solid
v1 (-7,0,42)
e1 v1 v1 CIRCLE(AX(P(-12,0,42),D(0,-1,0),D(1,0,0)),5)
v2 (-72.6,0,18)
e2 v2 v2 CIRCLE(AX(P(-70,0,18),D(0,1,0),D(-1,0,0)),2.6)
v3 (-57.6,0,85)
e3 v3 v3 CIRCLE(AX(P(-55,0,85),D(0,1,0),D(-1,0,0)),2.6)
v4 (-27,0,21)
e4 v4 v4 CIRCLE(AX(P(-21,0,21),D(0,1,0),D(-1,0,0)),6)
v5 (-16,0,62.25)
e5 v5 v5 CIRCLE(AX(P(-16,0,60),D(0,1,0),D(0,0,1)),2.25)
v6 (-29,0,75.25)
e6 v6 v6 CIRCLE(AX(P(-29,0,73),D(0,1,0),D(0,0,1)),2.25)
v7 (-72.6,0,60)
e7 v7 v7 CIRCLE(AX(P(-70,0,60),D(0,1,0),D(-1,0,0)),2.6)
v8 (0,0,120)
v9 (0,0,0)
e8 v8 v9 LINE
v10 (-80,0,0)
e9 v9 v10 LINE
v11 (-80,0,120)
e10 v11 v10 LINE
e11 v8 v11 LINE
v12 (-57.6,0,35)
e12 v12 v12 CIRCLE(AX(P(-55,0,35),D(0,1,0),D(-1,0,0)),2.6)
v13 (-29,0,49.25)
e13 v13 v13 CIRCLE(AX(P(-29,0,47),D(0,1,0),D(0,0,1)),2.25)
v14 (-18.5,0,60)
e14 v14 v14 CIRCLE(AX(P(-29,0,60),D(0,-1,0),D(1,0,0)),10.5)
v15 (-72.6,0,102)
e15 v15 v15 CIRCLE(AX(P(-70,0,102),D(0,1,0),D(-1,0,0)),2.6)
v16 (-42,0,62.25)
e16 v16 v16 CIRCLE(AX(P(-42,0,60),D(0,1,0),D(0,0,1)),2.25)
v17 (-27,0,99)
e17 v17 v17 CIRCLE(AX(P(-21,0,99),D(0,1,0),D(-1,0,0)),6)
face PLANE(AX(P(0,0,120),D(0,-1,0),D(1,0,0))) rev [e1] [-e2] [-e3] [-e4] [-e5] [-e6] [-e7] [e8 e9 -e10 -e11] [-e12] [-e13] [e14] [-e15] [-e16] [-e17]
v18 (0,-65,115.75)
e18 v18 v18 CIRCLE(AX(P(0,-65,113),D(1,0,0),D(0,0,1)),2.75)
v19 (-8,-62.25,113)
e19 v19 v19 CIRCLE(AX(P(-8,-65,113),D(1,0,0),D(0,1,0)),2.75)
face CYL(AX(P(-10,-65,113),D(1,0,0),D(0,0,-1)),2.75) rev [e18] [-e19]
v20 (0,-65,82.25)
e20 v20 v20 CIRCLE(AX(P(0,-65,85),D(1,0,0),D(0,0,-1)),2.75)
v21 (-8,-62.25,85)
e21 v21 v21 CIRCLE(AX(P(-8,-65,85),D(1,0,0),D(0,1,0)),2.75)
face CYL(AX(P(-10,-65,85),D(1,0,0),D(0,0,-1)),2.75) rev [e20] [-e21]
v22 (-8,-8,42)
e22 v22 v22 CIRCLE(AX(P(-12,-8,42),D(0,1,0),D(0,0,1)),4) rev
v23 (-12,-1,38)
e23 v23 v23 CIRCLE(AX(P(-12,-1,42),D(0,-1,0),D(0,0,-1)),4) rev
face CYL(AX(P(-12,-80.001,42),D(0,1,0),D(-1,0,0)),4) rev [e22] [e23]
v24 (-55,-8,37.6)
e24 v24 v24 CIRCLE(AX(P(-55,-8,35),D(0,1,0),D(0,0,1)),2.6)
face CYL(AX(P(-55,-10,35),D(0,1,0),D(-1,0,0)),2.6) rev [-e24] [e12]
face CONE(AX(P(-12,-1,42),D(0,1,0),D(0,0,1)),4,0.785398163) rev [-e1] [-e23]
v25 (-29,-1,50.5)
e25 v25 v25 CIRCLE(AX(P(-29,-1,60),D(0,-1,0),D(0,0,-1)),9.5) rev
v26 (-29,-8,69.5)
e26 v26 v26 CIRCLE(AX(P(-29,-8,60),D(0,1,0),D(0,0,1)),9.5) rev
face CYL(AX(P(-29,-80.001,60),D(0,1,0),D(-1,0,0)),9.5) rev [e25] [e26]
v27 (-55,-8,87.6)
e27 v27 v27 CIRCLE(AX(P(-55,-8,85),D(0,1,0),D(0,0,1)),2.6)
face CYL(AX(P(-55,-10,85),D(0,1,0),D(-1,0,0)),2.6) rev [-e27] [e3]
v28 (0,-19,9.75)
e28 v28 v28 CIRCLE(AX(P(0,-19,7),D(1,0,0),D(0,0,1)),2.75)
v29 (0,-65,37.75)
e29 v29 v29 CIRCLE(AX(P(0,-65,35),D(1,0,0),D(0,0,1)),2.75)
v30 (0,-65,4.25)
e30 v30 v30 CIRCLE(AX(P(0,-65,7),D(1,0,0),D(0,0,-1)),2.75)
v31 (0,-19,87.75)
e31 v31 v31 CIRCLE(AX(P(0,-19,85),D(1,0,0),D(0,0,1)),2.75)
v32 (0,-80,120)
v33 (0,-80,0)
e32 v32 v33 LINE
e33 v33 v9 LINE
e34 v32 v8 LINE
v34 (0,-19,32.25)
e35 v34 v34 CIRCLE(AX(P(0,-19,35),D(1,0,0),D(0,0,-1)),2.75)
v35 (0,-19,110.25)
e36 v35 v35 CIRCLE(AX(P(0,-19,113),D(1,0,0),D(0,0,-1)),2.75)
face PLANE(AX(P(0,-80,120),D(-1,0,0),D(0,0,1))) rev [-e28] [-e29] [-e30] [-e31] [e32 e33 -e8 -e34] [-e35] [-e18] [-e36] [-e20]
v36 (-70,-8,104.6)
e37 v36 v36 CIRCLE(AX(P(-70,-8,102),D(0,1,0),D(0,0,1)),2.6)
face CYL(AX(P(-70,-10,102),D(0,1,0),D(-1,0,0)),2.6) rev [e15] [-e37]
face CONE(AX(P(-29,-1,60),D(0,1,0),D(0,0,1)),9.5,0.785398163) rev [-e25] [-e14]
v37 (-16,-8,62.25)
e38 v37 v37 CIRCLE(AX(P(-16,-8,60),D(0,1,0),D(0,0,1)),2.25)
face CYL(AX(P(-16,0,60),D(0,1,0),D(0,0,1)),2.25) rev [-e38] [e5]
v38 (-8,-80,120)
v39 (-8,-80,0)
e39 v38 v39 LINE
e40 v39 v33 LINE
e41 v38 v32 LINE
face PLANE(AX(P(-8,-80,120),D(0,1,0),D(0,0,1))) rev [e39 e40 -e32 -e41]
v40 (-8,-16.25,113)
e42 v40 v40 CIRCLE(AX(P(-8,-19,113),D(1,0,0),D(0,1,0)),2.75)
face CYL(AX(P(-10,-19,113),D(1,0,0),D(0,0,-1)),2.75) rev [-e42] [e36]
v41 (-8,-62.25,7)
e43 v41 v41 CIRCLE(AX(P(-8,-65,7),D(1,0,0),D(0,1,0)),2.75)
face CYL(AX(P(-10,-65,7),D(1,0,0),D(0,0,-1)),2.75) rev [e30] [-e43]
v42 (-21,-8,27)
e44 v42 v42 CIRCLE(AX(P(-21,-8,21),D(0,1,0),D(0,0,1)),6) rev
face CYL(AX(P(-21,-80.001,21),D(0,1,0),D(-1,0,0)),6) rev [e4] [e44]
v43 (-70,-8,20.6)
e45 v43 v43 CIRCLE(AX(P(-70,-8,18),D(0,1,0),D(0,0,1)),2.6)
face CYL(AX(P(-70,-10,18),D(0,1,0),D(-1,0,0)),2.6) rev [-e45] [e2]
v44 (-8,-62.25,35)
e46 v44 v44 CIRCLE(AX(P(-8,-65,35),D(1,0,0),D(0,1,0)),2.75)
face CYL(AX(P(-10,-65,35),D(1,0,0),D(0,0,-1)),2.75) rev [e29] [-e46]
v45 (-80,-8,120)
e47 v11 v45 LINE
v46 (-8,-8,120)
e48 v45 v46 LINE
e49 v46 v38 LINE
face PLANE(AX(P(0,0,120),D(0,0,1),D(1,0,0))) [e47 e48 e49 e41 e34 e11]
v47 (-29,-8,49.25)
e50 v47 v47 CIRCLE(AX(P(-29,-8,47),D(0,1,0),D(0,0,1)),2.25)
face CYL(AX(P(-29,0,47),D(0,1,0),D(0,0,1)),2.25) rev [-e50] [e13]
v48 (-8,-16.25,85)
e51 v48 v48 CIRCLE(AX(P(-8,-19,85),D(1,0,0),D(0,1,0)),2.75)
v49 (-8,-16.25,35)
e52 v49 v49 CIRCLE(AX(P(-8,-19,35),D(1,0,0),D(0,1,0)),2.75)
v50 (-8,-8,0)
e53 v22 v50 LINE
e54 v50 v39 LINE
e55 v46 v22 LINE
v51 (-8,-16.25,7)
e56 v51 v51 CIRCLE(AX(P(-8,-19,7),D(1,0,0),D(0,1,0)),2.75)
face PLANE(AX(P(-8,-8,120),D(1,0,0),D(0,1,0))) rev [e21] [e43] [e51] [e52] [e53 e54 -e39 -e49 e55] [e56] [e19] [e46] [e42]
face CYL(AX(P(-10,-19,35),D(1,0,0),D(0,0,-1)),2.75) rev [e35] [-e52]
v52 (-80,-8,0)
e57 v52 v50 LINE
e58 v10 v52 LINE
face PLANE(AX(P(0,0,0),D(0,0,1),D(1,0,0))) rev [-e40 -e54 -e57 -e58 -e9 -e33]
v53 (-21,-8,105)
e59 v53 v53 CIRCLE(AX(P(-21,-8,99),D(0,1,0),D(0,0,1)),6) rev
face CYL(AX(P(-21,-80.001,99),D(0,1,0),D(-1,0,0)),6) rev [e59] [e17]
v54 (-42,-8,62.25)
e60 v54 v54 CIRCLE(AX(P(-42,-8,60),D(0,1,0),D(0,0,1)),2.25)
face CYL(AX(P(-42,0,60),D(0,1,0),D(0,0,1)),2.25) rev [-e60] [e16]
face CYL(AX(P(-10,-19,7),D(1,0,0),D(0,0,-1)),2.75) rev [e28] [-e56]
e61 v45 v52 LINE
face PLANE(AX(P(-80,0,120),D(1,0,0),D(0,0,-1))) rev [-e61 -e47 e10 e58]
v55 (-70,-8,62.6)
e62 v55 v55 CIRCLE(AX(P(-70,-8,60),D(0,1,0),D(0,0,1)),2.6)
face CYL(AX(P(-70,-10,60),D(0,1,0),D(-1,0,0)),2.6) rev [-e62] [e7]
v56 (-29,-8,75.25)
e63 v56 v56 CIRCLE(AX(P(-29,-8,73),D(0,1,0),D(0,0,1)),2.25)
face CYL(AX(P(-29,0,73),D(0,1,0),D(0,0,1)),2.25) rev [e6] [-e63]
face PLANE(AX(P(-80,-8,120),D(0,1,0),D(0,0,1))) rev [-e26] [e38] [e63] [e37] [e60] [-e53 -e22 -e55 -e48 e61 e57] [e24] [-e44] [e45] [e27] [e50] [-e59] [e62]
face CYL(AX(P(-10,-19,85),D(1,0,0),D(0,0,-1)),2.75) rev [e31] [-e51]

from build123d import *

# Parameters (mm, degrees)
ESTRUSIONE_ESTRUSIONE1_DEPTH = 120
TAGLIO_ESTRUSIONE2_REACH     = 166.924
SCHIZZO6_R                   = 6
TAGLIO_ESTRUSIONE3_REACH     = 166.924
SCHIZZO7_R                   = 9.5
SCHIZZO7_R_2                 = 4
FORO_PER_VITE_M4_2_D         = 4.5
SCHIZZO12_R                  = 2.75
TAGLIO_ESTRUSIONE4_DEPTH     = 10
SCHIZZO14_R                  = 2.6
TAGLIO_ESTRUSIONE5_DEPTH     = 10
SMUSSO1_SIZE                 = 1
SMUSSO2_SIZE                 = 1


with BuildPart() as part:
    # Schizzo1 → Estrusione-Estrusione1 (new body)
    with BuildSketch(Plane.XY):
        Polygon((0, 0), (-80, 0), (-80, -8), (-8, -8), (-8, -80), (0, -80), align=None)
    extrude(amount=ESTRUSIONE_ESTRUSIONE1_DEPTH)

    # Schizzo6 → Taglio-Estrusione2 (cut, up to next)
    with BuildSketch(Plane(origin=(0, 0, 0), x_dir=(1, 0, 0), z_dir=(0, 1, 0)), mode=Mode.PRIVATE) as taglio_estrusione2_sk1:
        with Locations(Location((-21, -21, 0), (0, 0, 180))):
            Circle(SCHIZZO6_R)
    taglio_estrusione2_tool1 = extrude(taglio_estrusione2_sk1.sketch, amount=-TAGLIO_ESTRUSIONE2_REACH, mode=Mode.PRIVATE) & part.part
    # Schizzo6 → Taglio-Estrusione2 (cut, up to next)
    with BuildSketch(Plane(origin=(0, 0, 0), x_dir=(1, 0, 0), z_dir=(0, 1, 0)), mode=Mode.PRIVATE) as taglio_estrusione2_sk2:
        with Locations(Location((-21, -99, 0), (0, 0, 180))):
            Circle(SCHIZZO6_R)
    taglio_estrusione2_tool2 = extrude(taglio_estrusione2_sk2.sketch, amount=-TAGLIO_ESTRUSIONE2_REACH, mode=Mode.PRIVATE) & part.part
    add(taglio_estrusione2_tool1.solids().sort_by_distance((-21, 0, 21))[0], mode=Mode.SUBTRACT)
    add(taglio_estrusione2_tool2.solids().sort_by_distance((-21, 0, 99))[0], mode=Mode.SUBTRACT)

    # Schizzo7 → Taglio-Estrusione3 (cut, up to next)
    with BuildSketch(Plane(origin=(0, 0, 0), x_dir=(1, 0, 0), z_dir=(0, 1, 0)), mode=Mode.PRIVATE) as taglio_estrusione3_sk1:
        with Locations(Location((-29, -60, 0), (0, 0, 180))):
            Circle(SCHIZZO7_R)
    taglio_estrusione3_tool1 = extrude(taglio_estrusione3_sk1.sketch, amount=-TAGLIO_ESTRUSIONE3_REACH, mode=Mode.PRIVATE) & part.part
    # Schizzo7 → Taglio-Estrusione3 (cut, up to next)
    with BuildSketch(Plane(origin=(0, 0, 0), x_dir=(1, 0, 0), z_dir=(0, 1, 0)), mode=Mode.PRIVATE) as taglio_estrusione3_sk2:
        with Locations(Location((-12, -42, 0), (0, 0, 180))):
            Circle(SCHIZZO7_R_2)
    taglio_estrusione3_tool2 = extrude(taglio_estrusione3_sk2.sketch, amount=-TAGLIO_ESTRUSIONE3_REACH, mode=Mode.PRIVATE) & part.part
    add(taglio_estrusione3_tool1.solids().sort_by_distance((-29, 0, 60))[0], mode=Mode.SUBTRACT)
    add(taglio_estrusione3_tool2.solids().sort_by_distance((-12, 0, 42))[0], mode=Mode.SUBTRACT)

    # Foro per Vite M4-2 (through all)
    with Locations(Plane(origin=(0, 0, 0), x_dir=(1, 0, 0), z_dir=(0, 1, 0))):
        with Locations((-29, -47), (-42, -60), (-29, -73), (-16, -60), (-29, -60)):
            Hole(FORO_PER_VITE_M4_2_D / 2)

    # Schizzo12 → Taglio-Estrusione4 (cut)
    with BuildSketch(Plane(origin=(0, 0, 0), x_dir=(0, 0, -1), z_dir=(1, 0, 0))):
        with Locations((-113, -19)):
            Circle(SCHIZZO12_R)
        with Locations(Location((-85, -19, 0), (0, 0, 90))):
            Circle(SCHIZZO12_R)
        with Locations((-35, -19)):
            Circle(SCHIZZO12_R)
        with Locations(Location((-7, -19, 0), (0, 0, 90))):
            Circle(SCHIZZO12_R)
        with Locations((-85, -65)):
            Circle(SCHIZZO12_R)
        with Locations(Location((-113, -65, 0), (0, 0, 90))):
            Circle(SCHIZZO12_R)
        with Locations((-7, -65)):
            Circle(SCHIZZO12_R)
        with Locations(Location((-35, -65, 0), (0, 0, 90))):
            Circle(SCHIZZO12_R)
    extrude(amount=-TAGLIO_ESTRUSIONE4_DEPTH, mode=Mode.SUBTRACT)

    # Schizzo14 → Taglio-Estrusione5 (cut)
    with BuildSketch(Plane(origin=(0, 0, 0), x_dir=(1, 0, 0), z_dir=(0, 1, 0))):
        with Locations(Location((-70, -18, 0), (0, 0, 180))):
            Circle(SCHIZZO14_R)
        with Locations(Location((-70, -60, 0), (0, 0, 180))):
            Circle(SCHIZZO14_R)
        with Locations(Location((-70, -102, 0), (0, 0, 180))):
            Circle(SCHIZZO14_R)
        with Locations(Location((-55, -35, 0), (0, 0, 180))):
            Circle(SCHIZZO14_R)
        with Locations(Location((-55, -85, 0), (0, 0, 180))):
            Circle(SCHIZZO14_R)
    extrude(amount=-TAGLIO_ESTRUSIONE5_DEPTH, mode=Mode.SUBTRACT)

    # Smusso1
    smusso1_edges = [part.edges().sort_by_distance(p)[0] for p in [
        (-8, 0, 42),
    ]]
    chamfer(smusso1_edges, length=SMUSSO1_SIZE)

    # Smusso2
    smusso2_edges = [part.edges().sort_by_distance(p)[0] for p in [
        (-19.5, 0, 60),
    ]]
    chamfer(smusso2_edges, length=SMUSSO2_SIZE)


solid = part.part
